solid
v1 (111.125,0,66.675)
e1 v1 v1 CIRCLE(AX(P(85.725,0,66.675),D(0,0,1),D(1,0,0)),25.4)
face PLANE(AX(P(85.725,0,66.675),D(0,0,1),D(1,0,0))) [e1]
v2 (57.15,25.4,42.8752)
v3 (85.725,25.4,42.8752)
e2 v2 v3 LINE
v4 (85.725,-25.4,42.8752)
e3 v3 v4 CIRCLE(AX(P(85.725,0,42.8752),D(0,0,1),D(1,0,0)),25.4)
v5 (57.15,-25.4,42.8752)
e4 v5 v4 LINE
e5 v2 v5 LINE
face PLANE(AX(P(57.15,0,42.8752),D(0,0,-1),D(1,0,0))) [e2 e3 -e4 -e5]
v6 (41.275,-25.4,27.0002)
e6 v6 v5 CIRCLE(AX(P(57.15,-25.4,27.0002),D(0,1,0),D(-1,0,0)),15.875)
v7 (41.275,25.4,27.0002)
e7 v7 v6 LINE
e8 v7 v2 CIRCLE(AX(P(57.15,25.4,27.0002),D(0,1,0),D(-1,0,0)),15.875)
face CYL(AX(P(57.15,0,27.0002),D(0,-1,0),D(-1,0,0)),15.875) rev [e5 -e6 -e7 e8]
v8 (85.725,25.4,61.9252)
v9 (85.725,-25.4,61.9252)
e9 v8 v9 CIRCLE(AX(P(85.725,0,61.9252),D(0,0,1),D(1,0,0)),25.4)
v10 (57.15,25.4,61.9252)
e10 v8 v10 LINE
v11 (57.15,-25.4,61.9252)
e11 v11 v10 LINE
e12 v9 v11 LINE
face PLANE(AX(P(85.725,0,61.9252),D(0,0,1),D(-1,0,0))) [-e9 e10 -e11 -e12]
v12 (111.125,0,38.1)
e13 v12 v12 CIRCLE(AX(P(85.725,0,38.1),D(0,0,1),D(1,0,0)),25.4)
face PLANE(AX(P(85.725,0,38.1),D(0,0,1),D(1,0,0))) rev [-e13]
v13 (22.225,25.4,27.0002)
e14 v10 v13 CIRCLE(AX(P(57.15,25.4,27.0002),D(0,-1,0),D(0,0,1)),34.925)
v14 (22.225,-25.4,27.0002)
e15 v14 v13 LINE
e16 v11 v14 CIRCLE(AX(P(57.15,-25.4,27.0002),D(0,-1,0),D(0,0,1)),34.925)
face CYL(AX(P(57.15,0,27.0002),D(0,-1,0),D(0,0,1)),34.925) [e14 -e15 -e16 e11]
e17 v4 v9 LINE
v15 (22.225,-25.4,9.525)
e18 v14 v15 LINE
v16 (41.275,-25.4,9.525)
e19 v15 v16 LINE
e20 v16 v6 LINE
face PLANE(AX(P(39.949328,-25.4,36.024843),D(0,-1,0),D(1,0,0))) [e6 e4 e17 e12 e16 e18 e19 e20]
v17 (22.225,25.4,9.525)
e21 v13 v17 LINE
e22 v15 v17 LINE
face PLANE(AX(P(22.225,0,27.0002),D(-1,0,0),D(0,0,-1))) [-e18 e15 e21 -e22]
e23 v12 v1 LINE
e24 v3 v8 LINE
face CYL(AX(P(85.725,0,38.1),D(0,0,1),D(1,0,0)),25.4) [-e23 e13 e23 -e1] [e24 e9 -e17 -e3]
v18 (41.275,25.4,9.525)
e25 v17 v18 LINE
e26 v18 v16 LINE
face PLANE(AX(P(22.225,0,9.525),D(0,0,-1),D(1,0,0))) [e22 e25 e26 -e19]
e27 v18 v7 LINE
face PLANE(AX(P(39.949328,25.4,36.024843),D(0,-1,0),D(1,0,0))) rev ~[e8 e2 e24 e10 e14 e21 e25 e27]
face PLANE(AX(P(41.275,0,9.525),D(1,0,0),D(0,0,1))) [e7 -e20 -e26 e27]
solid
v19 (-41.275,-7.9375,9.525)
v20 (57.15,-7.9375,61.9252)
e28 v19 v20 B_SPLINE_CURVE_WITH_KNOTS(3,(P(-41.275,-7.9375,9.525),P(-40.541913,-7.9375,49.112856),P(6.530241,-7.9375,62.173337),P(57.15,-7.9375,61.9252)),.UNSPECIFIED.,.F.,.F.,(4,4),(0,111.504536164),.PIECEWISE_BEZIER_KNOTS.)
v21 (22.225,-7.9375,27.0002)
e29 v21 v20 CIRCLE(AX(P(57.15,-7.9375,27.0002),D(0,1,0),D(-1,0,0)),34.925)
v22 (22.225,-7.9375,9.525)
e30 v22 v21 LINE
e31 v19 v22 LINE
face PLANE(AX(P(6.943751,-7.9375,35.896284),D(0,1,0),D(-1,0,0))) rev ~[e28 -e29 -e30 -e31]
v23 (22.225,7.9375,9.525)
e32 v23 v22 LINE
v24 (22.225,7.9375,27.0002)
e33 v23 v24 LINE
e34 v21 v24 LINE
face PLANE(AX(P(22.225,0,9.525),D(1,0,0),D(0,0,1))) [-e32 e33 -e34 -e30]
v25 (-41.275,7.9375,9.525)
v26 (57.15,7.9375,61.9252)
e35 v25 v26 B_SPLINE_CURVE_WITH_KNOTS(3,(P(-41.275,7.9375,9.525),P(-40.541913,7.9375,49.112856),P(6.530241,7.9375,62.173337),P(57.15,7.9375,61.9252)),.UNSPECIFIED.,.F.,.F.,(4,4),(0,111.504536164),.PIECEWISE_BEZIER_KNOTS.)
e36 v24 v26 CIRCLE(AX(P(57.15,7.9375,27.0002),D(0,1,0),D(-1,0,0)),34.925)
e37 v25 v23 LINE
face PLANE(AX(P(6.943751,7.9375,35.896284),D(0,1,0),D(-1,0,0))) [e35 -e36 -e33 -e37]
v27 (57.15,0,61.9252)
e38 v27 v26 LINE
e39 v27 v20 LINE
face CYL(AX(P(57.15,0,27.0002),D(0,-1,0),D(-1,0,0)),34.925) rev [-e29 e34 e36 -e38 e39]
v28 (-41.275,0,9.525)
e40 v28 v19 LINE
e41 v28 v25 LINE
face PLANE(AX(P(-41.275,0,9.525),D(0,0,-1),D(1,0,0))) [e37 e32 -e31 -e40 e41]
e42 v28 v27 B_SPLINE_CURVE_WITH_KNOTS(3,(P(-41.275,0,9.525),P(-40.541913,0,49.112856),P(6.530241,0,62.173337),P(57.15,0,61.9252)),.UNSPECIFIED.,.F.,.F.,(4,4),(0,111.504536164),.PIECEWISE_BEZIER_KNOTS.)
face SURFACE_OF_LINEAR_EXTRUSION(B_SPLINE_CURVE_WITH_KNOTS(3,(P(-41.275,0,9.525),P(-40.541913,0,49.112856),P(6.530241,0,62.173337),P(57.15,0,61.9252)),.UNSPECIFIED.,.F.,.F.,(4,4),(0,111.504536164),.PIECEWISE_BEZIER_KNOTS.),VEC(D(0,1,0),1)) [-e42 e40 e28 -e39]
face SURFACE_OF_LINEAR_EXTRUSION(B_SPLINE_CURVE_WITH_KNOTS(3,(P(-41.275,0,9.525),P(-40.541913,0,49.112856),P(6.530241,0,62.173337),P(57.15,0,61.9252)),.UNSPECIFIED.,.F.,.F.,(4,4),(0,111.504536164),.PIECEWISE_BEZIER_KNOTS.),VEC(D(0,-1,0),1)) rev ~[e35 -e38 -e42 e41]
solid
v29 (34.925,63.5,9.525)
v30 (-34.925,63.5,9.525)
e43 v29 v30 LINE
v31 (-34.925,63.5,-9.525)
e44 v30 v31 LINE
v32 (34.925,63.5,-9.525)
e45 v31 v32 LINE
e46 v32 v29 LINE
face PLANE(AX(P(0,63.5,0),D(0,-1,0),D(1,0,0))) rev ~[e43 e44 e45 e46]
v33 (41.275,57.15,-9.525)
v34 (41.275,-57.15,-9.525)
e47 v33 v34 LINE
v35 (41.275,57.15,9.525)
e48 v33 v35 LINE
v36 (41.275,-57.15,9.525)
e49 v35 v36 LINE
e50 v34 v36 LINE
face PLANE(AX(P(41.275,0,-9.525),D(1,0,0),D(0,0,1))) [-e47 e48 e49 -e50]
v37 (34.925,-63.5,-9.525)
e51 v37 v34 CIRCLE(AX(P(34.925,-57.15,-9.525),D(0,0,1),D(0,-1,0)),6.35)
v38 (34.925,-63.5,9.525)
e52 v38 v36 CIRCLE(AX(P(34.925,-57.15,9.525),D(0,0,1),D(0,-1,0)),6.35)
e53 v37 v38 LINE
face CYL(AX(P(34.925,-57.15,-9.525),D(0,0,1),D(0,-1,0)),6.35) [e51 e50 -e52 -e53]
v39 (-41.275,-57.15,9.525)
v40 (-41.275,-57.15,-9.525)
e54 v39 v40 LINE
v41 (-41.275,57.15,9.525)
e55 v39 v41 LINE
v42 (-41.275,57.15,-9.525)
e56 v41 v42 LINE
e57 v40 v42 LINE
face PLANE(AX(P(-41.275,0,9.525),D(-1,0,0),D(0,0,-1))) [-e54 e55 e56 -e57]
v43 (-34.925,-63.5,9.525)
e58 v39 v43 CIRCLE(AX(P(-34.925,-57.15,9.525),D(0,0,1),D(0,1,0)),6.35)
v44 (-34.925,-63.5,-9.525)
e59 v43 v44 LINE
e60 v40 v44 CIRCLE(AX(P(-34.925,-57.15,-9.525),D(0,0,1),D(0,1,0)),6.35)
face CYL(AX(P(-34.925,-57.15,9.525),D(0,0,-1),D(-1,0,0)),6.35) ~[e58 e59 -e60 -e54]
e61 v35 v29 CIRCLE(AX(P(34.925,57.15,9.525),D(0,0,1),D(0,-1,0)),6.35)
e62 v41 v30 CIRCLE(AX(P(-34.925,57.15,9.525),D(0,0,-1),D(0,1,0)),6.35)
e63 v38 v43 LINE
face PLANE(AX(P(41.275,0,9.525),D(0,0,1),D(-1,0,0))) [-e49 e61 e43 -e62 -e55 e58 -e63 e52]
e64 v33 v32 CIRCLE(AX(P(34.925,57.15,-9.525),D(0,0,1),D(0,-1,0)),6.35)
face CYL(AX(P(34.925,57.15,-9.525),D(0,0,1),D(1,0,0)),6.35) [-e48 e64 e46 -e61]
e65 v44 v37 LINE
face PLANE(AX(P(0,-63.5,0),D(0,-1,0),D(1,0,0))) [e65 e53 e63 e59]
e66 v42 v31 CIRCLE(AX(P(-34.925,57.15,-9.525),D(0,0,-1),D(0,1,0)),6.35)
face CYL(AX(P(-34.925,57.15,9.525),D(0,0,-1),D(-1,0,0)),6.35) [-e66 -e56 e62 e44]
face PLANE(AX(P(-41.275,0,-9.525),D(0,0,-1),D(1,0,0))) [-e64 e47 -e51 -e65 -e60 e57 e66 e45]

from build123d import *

# Parameters (mm, degrees)
F1_DEPTH = 63.5
F2_DEPTH = 7.9375
F0_W     = 25.4
F0_H     = 19.05
F3_DEPTH = 25.4
F5_R     = 6.35


with BuildPart() as f1:
    # F0 (on Front) → F1 (new body, symmetric)
    with BuildSketch(Plane.XZ):
        Polygon((-41.275, -9.525), (41.275, -9.525), (41.275, 9.525), (22.225, 9.525), (-41.275, 9.525), align=None)
    extrude(amount=F1_DEPTH, both=True)

    # F5
    f5_edges = [f1.edges().sort_by_distance(p)[0] for p in [
        (41.275, -63.5, 0),
        (-41.275, -63.5, 0),
        (41.275, 63.5, 0),
        (-41.275, 63.5, 0),
    ]]
    fillet(f5_edges, radius=F5_R)


with BuildPart() as f2:
    # F0 (on Front) → F2 (new body, symmetric)
    with BuildSketch(Plane.XZ):
        with BuildLine():
            add(Edge.make_bspline(
                [(-41.275, 9.525), (-40.5419133604, 49.1128563881), (6.5302411094, 62.1733367443), (57.15, 61.9252)],
                knots=[0, 0, 0, 0, 111.5045361635, 111.5045361635, 111.5045361635, 111.5045361635], degree=3))
            Line((-41.275, 9.525), (22.225, 9.525))
            Line((22.225, 9.525), (22.225, 27.0002))
            ThreePointArc((22.225, 27.0002), (32.4542956671, 51.6959043329), (57.15, 61.9252))
        make_face()
    extrude(amount=F2_DEPTH, both=True)


with BuildPart() as f3:
    # F0 (on Front) → F3 (new body, symmetric)
    with BuildSketch(Plane.XZ):
        with BuildLine():
            Line((22.225, 9.525), (41.275, 9.525))
            Line((41.275, 9.525), (41.275, 27.0002))
            ThreePointArc((41.275, 27.0002), (45.9246798487, 38.2255201513), (57.15, 42.8752))
            Line((57.15, 42.8752), (60.325, 42.8752))
            Line((60.325, 42.8752), (60.325, 61.9252))
            Line((60.325, 61.9252), (57.15, 61.9252))
            ThreePointArc((57.15, 61.9252), (32.4542956671, 51.6959043329), (22.225, 27.0002))
            Line((22.225, 27.0002), (22.225, 9.525))
        make_face()
        with Locations((73.025, 52.4002)):
            Rectangle(F0_W, F0_H)
    extrude(amount=F3_DEPTH, both=True)

    # F0 (on Front) → F4 (revolve)
    with BuildSketch(Plane.XZ):
        Polygon((85.725, 66.675), (85.725, 61.9252), (85.725, 42.8752), (85.725, 38.1), (111.125, 38.1), (111.125, 66.675), align=None)
    revolve(axis=Axis((85.725, 0, 52.3875), (0, 0, 1)))


solid = Compound([f1.part, f2.part, f3.part])
